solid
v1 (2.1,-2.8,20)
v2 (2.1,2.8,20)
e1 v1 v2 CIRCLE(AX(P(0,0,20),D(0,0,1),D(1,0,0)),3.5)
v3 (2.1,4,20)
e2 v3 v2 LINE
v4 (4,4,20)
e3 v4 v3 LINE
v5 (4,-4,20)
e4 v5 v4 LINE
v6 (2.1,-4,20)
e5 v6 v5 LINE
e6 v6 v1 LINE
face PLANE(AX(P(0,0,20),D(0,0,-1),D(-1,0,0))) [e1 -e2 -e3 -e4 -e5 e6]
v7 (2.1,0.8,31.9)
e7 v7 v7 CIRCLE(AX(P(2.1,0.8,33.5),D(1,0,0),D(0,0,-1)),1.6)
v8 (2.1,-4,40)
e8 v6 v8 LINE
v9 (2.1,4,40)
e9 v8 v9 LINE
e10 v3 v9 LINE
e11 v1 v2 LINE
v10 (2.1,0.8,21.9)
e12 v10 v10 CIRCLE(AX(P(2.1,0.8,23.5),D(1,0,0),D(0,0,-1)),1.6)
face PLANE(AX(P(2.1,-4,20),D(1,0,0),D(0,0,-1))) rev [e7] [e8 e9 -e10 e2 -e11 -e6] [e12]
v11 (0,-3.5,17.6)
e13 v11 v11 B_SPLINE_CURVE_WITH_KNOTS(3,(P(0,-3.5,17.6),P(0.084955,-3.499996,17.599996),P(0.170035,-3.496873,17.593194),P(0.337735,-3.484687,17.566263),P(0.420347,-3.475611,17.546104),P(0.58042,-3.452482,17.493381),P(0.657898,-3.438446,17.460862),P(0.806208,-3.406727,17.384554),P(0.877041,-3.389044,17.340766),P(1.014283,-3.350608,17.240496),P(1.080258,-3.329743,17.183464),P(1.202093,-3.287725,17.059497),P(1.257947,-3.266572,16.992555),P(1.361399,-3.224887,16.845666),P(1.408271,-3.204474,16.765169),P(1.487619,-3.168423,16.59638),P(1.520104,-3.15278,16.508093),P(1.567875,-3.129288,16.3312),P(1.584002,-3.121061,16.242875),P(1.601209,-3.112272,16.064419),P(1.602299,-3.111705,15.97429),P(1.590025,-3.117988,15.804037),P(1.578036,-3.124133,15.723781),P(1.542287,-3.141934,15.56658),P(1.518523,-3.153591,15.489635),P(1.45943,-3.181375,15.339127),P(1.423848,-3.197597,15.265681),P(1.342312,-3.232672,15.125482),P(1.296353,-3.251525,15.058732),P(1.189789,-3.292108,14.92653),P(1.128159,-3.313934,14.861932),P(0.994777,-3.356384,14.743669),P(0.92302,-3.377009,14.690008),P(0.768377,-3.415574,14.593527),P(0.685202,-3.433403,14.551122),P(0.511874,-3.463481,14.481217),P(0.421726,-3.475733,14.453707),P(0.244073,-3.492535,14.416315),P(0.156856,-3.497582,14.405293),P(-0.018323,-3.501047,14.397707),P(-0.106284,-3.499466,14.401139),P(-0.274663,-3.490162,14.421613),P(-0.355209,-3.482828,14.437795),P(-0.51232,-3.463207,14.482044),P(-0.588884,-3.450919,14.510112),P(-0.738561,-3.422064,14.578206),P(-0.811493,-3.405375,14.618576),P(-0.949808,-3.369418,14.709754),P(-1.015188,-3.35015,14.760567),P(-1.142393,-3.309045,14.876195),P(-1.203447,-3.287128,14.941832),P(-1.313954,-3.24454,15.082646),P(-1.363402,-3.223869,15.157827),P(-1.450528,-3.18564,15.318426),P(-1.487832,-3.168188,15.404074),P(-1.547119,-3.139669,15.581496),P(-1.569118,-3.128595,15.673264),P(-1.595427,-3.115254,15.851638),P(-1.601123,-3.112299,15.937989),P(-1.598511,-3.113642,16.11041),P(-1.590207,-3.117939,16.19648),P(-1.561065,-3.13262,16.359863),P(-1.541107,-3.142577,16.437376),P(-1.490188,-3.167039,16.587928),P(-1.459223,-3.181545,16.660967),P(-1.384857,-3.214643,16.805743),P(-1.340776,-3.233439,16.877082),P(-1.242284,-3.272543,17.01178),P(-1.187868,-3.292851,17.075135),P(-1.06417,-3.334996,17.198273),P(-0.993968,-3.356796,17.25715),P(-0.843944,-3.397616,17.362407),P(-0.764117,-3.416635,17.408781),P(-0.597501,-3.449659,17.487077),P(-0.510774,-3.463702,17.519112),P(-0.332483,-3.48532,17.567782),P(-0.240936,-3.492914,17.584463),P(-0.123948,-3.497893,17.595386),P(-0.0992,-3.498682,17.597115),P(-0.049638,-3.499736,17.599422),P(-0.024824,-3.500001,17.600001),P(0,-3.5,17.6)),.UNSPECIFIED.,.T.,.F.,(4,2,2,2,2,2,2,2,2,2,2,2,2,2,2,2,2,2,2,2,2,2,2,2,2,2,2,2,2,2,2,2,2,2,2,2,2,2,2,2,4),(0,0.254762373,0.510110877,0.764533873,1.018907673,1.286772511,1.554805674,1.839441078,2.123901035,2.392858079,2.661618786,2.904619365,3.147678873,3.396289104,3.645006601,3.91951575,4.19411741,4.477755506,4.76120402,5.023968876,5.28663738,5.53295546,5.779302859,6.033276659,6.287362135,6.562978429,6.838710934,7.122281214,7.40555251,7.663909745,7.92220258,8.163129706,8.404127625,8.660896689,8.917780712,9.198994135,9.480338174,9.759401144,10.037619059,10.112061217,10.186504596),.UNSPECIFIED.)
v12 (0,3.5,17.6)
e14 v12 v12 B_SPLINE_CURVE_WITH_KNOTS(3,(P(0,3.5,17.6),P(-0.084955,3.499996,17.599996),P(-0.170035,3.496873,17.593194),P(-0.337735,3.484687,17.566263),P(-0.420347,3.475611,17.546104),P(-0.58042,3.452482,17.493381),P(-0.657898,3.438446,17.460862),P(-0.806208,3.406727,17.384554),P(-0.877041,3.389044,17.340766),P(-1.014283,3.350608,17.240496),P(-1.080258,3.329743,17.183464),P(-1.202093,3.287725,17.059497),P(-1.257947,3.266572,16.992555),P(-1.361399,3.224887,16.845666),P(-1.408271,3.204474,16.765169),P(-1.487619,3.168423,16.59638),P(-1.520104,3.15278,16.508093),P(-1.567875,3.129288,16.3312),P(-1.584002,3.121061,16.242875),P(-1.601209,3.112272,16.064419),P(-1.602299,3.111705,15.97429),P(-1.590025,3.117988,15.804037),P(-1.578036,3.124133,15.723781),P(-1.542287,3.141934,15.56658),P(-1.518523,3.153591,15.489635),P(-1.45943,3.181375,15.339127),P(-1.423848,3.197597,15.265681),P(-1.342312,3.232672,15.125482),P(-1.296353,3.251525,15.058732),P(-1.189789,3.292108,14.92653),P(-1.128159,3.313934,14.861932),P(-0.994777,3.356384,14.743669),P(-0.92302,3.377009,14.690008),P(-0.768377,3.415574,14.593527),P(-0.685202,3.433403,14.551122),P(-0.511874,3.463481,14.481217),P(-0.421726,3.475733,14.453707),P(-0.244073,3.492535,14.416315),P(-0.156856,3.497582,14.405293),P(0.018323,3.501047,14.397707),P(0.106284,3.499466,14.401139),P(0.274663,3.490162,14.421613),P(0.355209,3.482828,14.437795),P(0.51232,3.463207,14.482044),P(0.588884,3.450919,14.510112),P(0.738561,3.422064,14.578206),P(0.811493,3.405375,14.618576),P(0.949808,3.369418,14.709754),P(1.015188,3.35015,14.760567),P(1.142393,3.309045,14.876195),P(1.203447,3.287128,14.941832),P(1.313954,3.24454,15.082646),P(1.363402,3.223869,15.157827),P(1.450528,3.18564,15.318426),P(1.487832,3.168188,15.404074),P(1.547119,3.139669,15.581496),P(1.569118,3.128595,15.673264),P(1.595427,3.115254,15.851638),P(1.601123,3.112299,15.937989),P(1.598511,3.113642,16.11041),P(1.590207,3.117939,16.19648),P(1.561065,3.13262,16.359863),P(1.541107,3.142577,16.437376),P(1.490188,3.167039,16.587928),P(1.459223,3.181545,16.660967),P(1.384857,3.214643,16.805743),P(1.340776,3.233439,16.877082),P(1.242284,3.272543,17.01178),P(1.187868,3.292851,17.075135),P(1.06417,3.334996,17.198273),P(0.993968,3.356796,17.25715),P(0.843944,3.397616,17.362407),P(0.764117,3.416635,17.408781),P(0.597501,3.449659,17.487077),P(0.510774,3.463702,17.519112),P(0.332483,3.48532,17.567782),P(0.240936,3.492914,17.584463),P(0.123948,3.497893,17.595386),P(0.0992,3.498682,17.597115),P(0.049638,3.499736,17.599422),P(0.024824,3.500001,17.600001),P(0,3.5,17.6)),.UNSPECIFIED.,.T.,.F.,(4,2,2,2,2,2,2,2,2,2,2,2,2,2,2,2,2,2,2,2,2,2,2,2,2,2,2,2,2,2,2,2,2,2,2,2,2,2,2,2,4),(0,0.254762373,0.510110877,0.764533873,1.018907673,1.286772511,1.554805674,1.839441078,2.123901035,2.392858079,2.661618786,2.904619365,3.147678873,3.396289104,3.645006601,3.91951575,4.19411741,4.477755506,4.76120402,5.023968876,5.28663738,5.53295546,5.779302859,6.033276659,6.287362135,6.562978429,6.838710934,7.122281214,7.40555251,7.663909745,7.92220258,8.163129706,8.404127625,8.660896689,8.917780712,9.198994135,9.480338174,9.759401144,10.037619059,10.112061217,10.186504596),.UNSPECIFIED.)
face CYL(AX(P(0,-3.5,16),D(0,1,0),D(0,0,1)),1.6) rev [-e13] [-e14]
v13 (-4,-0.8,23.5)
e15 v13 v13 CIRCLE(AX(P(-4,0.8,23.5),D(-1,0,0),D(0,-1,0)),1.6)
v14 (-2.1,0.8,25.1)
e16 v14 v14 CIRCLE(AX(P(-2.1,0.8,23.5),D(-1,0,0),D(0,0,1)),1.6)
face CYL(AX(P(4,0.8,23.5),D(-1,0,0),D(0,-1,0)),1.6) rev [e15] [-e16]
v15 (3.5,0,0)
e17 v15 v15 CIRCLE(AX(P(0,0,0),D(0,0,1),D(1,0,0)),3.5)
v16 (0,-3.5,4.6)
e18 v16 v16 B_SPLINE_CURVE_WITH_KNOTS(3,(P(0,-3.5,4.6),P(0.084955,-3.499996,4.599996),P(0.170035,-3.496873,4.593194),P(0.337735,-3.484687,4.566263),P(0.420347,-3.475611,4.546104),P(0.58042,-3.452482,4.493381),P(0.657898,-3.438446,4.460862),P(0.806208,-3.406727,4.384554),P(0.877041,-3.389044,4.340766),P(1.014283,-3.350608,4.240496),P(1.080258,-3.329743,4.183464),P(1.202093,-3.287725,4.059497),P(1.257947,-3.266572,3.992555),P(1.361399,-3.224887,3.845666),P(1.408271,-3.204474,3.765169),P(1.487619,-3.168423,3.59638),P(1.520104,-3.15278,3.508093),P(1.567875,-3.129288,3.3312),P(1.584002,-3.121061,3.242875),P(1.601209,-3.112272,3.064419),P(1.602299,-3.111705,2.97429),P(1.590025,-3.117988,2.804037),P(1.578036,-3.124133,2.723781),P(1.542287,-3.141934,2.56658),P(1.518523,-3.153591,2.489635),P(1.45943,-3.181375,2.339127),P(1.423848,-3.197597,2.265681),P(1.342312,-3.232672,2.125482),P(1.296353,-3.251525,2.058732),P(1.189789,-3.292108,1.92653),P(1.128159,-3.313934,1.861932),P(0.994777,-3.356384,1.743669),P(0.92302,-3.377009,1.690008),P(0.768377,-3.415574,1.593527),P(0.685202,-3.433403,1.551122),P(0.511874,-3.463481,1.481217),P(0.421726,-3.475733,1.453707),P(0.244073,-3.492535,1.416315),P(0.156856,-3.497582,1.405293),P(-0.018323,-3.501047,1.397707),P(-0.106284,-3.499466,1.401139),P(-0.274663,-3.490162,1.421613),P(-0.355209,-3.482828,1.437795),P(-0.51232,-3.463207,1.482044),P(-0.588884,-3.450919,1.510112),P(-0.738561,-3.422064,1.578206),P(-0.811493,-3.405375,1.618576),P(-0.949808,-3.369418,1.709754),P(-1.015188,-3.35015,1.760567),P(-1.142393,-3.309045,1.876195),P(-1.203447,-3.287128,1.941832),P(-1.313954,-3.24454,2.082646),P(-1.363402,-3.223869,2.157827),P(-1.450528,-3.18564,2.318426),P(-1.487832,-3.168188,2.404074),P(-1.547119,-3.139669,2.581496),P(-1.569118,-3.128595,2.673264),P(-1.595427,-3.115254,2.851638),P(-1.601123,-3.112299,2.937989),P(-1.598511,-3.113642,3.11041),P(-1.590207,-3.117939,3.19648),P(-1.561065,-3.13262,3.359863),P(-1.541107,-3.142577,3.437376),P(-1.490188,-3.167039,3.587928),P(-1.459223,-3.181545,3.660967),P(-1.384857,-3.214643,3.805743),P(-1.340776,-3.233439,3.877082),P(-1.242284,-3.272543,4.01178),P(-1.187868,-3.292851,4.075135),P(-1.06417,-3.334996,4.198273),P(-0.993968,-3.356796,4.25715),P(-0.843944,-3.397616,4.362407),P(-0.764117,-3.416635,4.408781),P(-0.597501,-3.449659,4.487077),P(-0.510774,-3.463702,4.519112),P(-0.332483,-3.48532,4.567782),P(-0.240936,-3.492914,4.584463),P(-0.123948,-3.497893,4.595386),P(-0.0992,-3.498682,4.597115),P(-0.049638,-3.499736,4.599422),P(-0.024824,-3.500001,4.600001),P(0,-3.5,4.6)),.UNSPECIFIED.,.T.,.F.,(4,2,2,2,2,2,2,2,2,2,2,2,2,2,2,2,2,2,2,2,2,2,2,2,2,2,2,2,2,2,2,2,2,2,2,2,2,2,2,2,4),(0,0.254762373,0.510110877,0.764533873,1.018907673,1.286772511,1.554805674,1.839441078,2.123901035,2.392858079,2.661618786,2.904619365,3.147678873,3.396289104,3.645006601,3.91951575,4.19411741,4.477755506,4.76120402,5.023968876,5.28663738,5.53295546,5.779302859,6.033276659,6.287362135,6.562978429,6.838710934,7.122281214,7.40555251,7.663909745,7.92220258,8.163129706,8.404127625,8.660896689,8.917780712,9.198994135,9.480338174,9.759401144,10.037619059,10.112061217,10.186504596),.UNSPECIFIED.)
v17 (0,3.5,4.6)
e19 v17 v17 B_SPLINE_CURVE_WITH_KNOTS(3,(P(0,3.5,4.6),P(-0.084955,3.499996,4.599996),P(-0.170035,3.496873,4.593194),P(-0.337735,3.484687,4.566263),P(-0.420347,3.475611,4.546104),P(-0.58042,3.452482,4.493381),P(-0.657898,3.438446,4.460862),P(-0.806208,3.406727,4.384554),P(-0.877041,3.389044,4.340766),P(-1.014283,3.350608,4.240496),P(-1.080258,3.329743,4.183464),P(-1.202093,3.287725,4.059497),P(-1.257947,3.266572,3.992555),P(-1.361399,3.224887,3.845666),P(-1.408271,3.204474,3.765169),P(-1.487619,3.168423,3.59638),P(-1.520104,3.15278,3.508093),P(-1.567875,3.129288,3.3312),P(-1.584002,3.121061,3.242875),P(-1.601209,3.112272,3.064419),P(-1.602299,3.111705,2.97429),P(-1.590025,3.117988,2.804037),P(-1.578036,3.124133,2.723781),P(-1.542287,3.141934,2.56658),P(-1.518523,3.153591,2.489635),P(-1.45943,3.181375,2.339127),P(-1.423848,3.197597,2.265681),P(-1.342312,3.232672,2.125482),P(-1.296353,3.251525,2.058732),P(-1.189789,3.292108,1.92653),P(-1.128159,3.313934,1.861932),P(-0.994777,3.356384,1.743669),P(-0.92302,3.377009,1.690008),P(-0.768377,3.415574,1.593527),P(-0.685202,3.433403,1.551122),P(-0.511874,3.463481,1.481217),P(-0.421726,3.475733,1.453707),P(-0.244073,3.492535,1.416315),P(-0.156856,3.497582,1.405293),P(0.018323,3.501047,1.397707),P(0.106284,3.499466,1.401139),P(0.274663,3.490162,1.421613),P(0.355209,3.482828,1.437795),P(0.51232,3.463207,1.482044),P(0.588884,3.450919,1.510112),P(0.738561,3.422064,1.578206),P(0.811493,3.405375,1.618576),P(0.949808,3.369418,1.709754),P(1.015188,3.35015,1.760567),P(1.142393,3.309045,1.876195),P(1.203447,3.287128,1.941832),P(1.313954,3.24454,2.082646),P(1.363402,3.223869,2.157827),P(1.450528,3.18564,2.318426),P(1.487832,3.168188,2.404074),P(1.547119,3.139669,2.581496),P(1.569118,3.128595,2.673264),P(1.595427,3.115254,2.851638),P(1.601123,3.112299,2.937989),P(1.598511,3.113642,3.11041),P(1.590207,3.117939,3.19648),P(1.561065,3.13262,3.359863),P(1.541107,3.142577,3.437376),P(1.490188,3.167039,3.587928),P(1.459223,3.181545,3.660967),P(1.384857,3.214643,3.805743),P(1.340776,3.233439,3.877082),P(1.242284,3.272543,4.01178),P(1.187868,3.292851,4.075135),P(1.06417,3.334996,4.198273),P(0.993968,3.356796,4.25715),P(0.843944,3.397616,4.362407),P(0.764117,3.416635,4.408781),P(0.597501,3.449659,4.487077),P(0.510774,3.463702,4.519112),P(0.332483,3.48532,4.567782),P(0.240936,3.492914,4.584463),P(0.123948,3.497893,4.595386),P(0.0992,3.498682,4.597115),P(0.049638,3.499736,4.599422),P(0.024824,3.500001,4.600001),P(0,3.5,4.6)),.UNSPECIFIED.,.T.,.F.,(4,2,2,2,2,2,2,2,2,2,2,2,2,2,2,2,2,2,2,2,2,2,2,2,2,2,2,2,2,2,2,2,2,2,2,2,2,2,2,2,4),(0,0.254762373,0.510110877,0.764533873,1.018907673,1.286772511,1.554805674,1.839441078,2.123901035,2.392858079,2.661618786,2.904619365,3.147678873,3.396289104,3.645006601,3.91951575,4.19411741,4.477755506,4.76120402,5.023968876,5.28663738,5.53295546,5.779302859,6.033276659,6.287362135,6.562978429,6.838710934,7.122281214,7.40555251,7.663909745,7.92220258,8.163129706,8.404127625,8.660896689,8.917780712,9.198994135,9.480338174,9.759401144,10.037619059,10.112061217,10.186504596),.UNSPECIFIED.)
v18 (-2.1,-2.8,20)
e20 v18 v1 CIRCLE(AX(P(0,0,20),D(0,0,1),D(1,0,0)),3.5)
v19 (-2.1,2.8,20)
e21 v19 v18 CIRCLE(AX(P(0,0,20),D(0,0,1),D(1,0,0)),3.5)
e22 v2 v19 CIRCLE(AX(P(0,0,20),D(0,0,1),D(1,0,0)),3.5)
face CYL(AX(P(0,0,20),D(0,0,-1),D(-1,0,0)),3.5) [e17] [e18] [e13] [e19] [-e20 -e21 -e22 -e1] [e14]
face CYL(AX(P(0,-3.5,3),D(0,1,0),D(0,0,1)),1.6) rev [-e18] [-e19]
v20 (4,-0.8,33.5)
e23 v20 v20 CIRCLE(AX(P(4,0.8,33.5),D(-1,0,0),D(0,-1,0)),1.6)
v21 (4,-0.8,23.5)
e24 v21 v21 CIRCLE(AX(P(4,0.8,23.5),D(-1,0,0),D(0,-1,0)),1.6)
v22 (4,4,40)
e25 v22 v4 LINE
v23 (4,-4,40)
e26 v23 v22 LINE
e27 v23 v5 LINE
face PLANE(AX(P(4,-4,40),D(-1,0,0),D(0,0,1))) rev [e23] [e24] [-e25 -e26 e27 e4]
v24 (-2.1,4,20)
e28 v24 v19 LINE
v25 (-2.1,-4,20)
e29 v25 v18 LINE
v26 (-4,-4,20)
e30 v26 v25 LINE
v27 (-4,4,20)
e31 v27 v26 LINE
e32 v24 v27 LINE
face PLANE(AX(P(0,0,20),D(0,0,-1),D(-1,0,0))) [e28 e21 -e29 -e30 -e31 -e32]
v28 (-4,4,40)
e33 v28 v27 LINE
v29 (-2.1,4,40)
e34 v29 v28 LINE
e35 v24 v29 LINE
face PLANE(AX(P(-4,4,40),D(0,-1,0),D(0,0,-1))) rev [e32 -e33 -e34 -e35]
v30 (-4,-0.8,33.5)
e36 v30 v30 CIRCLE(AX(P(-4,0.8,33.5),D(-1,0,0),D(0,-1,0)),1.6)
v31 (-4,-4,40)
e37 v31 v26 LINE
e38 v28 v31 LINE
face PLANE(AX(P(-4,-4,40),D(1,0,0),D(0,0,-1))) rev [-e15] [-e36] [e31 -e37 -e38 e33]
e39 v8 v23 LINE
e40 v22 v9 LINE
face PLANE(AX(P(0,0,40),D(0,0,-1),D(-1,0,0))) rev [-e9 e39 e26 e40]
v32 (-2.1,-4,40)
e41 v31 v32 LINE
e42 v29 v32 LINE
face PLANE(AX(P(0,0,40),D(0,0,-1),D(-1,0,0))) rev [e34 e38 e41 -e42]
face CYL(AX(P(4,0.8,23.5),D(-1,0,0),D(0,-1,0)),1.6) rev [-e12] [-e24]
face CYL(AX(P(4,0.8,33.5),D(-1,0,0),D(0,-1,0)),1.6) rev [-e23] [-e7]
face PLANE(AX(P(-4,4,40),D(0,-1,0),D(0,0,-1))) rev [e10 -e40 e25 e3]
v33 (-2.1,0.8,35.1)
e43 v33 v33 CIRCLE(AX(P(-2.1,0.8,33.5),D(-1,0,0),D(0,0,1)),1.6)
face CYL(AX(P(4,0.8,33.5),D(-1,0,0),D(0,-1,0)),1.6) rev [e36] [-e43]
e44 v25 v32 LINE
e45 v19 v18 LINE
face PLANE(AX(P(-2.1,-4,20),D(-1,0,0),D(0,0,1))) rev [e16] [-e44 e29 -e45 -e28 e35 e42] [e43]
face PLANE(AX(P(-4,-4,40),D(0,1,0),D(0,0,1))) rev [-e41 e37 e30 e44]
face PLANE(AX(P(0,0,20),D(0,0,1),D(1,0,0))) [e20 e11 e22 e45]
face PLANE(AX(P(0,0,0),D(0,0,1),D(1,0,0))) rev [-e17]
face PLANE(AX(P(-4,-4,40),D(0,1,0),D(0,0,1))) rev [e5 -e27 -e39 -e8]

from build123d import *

# Parameters (mm, degrees)
SKETCH1_R               = 3.5
BOSS_EXTRUDE1_DEPTH     = 20
SKETCH2_R               = 1.6
CUT_EXTRUDE1_DEPTH      = 4.5
CUT_EXTRUDE1_DEPTH_BACK = 4.5
SKETCH3_W               = 8
SKETCH3_H               = 8
BOSS_EXTRUDE2_DEPTH     = 20
SKETCH4_W               = 4.2
SKETCH4_H               = 8
CUT_EXTRUDE2_DEPTH      = 20
SKETCH5_R               = 1.6
CUT_EXTRUDE3_DEPTH      = 9


with BuildPart() as part:
    # Sketch1 → Boss-Extrude1 (new body)
    with BuildSketch(Plane.XY):
        Circle(SKETCH1_R)
    extrude(amount=BOSS_EXTRUDE1_DEPTH)

    # Sketch2 → Cut-Extrude1 (cut, two sides)
    with BuildSketch(Plane(origin=(0, 0, 0), x_dir=(1, 0, 0), z_dir=(0, 1, 0))) as cut_extrude1_sk:
        with Locations((0, -3)):
            Circle(SKETCH2_R)
        with Locations((0, -16)):
            Circle(SKETCH2_R)
    extrude(amount=CUT_EXTRUDE1_DEPTH, mode=Mode.SUBTRACT)
    extrude(cut_extrude1_sk.sketch, amount=-CUT_EXTRUDE1_DEPTH_BACK, mode=Mode.SUBTRACT)

    # Sketch3 → Boss-Extrude2 (add)
    with BuildSketch(Plane.XY.offset(20)):
        Rectangle(SKETCH3_W, SKETCH3_H)
    extrude(amount=BOSS_EXTRUDE2_DEPTH)

    # Sketch4 → Cut-Extrude2 (cut)
    with BuildSketch(Plane.XY.offset(40)):
        Rectangle(SKETCH4_W, SKETCH4_H)
    extrude(amount=-CUT_EXTRUDE2_DEPTH, mode=Mode.SUBTRACT)

    # Sketch5 → Cut-Extrude3 (cut, through all)
    with BuildSketch(Plane.ZY.offset(4)):
        with Locations((33.5, 0.8)):
            Circle(SKETCH5_R)
        with Locations((23.5, 0.8)):
            Circle(SKETCH5_R)
    extrude(amount=-CUT_EXTRUDE3_DEPTH, mode=Mode.SUBTRACT)


solid = part.part
